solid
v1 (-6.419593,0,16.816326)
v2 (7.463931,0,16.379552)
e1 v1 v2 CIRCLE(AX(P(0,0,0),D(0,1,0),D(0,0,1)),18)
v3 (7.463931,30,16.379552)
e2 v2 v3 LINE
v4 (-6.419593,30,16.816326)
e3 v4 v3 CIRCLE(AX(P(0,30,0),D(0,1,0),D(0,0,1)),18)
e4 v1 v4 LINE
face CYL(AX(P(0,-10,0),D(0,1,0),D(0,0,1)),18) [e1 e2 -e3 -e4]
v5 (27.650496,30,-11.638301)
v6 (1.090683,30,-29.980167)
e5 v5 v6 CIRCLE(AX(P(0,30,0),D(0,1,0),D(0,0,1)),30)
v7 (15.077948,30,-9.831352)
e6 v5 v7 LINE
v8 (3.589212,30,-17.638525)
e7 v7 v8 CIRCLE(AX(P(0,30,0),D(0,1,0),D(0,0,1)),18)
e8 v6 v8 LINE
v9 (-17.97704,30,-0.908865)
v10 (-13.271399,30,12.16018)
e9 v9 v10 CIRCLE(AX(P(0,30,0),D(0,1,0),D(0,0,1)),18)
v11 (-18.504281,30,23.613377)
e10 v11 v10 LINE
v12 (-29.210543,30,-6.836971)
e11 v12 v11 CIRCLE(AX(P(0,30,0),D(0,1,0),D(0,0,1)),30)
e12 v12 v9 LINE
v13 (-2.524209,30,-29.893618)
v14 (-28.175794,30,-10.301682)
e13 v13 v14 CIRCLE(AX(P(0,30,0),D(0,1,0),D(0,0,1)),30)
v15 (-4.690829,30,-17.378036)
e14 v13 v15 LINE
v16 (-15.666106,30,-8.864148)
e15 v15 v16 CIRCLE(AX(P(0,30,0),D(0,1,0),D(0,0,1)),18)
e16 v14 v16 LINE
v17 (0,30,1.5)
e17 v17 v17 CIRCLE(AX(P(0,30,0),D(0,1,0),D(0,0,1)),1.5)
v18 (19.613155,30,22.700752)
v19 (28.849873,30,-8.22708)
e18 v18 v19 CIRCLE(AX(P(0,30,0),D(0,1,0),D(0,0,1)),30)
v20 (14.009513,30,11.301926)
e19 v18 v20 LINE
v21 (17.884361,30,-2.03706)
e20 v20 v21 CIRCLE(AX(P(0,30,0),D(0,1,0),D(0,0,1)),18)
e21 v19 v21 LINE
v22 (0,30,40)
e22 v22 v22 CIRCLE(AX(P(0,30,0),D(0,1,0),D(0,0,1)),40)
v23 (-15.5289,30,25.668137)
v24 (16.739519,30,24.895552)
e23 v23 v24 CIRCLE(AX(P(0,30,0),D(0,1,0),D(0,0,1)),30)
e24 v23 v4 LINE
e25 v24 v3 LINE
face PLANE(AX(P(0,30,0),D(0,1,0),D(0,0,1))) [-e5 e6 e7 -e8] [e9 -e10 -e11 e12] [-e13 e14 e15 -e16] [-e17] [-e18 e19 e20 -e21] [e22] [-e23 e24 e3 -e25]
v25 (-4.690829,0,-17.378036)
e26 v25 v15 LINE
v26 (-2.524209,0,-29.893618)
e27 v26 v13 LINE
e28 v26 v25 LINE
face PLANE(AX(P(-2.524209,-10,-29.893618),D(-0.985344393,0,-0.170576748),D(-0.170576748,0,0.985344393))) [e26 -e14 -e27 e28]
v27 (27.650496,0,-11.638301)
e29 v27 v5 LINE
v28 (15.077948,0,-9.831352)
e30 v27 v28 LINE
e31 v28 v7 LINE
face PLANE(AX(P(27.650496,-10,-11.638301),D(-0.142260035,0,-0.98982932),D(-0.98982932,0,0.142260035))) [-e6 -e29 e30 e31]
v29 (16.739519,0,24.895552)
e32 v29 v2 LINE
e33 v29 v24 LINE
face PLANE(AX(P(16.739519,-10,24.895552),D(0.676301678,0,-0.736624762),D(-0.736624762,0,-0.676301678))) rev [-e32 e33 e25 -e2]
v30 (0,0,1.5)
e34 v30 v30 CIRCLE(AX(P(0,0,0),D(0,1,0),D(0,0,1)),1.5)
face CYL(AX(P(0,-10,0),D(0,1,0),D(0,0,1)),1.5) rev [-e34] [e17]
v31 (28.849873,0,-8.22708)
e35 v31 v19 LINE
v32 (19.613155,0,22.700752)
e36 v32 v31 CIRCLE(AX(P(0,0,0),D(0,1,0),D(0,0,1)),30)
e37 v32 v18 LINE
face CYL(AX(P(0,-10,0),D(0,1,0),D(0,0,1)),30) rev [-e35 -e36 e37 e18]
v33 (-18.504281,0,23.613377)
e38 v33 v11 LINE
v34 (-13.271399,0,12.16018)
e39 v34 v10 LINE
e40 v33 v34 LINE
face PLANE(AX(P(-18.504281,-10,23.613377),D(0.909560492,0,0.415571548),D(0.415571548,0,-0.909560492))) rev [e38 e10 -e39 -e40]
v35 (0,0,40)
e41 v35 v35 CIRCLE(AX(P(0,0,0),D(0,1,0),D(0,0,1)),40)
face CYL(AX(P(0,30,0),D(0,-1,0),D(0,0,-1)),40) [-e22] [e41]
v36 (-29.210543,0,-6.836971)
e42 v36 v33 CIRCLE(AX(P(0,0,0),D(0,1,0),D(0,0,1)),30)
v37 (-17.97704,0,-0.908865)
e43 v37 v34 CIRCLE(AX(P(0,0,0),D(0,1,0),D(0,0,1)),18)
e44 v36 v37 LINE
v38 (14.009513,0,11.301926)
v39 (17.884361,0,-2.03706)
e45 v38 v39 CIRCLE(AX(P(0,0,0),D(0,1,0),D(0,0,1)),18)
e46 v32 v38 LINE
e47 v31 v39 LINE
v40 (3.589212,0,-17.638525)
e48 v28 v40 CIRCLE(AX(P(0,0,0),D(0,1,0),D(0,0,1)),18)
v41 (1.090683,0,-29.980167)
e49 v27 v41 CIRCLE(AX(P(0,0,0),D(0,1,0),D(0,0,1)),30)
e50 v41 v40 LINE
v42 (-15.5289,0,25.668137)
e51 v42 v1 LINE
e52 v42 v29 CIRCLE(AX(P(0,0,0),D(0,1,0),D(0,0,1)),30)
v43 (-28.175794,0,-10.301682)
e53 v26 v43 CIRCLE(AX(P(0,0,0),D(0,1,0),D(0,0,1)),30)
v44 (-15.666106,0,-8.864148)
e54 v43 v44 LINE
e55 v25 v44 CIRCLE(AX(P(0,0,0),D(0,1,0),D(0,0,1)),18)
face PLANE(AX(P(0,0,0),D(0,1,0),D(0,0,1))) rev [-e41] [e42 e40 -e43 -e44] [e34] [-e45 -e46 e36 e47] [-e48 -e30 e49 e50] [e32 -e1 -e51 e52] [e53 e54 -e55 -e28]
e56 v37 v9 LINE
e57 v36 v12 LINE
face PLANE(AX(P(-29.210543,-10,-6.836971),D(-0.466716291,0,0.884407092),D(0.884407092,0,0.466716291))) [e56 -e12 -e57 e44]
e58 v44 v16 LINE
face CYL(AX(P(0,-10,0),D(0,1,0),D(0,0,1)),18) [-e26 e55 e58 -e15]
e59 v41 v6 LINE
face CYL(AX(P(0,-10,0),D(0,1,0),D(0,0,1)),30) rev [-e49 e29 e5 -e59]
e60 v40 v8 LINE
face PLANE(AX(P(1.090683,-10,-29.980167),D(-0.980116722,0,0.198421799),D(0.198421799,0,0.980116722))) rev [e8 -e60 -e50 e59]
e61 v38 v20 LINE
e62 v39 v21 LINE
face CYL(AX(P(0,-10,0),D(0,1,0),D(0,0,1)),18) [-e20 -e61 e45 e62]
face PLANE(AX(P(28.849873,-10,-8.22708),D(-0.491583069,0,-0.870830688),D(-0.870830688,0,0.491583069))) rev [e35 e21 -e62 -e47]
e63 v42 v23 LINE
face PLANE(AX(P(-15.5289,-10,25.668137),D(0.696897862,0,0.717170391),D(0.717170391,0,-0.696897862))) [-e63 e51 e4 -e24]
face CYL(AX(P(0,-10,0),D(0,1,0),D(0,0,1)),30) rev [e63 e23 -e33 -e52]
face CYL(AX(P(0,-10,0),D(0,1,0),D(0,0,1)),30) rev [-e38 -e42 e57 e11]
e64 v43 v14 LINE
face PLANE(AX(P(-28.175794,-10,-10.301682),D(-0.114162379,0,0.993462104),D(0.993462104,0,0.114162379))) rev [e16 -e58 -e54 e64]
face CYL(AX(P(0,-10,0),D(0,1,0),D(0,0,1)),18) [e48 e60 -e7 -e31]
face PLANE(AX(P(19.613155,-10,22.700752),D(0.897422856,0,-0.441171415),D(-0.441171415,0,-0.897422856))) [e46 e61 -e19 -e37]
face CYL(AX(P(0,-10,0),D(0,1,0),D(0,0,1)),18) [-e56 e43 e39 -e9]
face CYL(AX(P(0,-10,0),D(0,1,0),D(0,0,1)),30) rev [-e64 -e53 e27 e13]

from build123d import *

# Parameters (mm, degrees)
SKETCH1_R           = 40
BOSS_EXTRUDE1_DEPTH = 30
CUT_EXTRUDE2_DEPTH  = 40
SKETCH4_R           = 1.5
CUT_EXTRUDE3_DEPTH  = 40


with BuildPart() as part:
    # Sketch1 → Boss-Extrude1 (new body)
    with BuildSketch(Plane(origin=(0, 0, 0), x_dir=(1, 0, 0), z_dir=(0, 1, 0))):
        with Locations(Location((0, 0, 0), (0, 0, 270))):
            Circle(SKETCH1_R)
    extrude(amount=BOSS_EXTRUDE1_DEPTH)

    # Sketch2 → Cut-Extrude2 (cut)
    with BuildSketch(Plane(origin=(0, 30, 0), x_dir=(1, 0, 0), z_dir=(0, 1, 0))):
        with BuildLine():
            Line((-2.524208574, 29.893617564), (-4.690828974, 17.378035664))
            ThreePointArc((-4.690828974, 17.378035664), (-11.0328045, 14.222419796), (-15.666106265, 8.864147702))
            Line((-15.666106265, 8.864147702), (-28.175793715, 10.301681829))
            ThreePointArc((-28.175793715, 10.301681829), (-18.209434961, 23.841486497), (-2.524208574, 29.893617564))
        make_face()
        with BuildLine():
            Line((1.090682544, 29.980166971), (3.589212362, 17.638524729))
            ThreePointArc((3.589212362, 17.638524729), (10.117000938, 14.887790031), (15.077948188, 9.831351812))
            Line((15.077948188, 9.831351812), (27.650496433, 11.638300864))
            ThreePointArc((27.650496433, 11.638300864), (17.04757623, 24.685626277), (1.090682544, 29.980166971))
        make_face()
        with BuildLine():
            Line((28.849872599, 8.227080347), (17.884361498, 2.037060092))
            ThreePointArc((17.884361498, 2.037060092), (17.285454944, -5.021259539), (14.009513435, -11.301926089))
            Line((14.009513435, -11.301926089), (19.613155176, -22.700752059))
            ThreePointArc((19.613155176, -22.700752059), (28.745416497, -8.584930424), (28.849872599, 8.227080347))
        make_face()
        with BuildLine():
            Line((16.739519293, -24.895551688), (7.463930911, -16.379552355))
            ThreePointArc((7.463930911, -16.379552355), (0.565997728, -17.991099093), (-6.419592719, -16.816326273))
            Line((-6.419592719, -16.816326273), (-15.528899908, -25.668137207))
            ThreePointArc((-15.528899908, -25.668137207), (0.718068186, -29.99140507), (16.739519293, -24.895551688))
        make_face()
        with BuildLine():
            Line((-18.50428072, -23.613377459), (-13.271398505, -12.160180168))
            ThreePointArc((-13.271398505, -12.160180168), (-16.935649111, -6.097851195), (-17.977039929, 0.908864886))
            Line((-17.977039929, 0.908864886), (-29.210543127, 6.836970837))
            ThreePointArc((-29.210543127, 6.836970837), (-28.301625952, -9.950777279), (-18.50428072, -23.613377459))
        make_face()
    extrude(amount=-CUT_EXTRUDE2_DEPTH, mode=Mode.SUBTRACT)

    # Sketch4 → Cut-Extrude3 (cut)
    with BuildSketch(Plane(origin=(0, 30, 0), x_dir=(1, 0, 0), z_dir=(0, 1, 0))):
        with Locations(Location((0, 0, 0), (0, 0, 270))):
            Circle(SKETCH4_R)
    extrude(amount=-CUT_EXTRUDE3_DEPTH, mode=Mode.SUBTRACT)


solid = part.part
